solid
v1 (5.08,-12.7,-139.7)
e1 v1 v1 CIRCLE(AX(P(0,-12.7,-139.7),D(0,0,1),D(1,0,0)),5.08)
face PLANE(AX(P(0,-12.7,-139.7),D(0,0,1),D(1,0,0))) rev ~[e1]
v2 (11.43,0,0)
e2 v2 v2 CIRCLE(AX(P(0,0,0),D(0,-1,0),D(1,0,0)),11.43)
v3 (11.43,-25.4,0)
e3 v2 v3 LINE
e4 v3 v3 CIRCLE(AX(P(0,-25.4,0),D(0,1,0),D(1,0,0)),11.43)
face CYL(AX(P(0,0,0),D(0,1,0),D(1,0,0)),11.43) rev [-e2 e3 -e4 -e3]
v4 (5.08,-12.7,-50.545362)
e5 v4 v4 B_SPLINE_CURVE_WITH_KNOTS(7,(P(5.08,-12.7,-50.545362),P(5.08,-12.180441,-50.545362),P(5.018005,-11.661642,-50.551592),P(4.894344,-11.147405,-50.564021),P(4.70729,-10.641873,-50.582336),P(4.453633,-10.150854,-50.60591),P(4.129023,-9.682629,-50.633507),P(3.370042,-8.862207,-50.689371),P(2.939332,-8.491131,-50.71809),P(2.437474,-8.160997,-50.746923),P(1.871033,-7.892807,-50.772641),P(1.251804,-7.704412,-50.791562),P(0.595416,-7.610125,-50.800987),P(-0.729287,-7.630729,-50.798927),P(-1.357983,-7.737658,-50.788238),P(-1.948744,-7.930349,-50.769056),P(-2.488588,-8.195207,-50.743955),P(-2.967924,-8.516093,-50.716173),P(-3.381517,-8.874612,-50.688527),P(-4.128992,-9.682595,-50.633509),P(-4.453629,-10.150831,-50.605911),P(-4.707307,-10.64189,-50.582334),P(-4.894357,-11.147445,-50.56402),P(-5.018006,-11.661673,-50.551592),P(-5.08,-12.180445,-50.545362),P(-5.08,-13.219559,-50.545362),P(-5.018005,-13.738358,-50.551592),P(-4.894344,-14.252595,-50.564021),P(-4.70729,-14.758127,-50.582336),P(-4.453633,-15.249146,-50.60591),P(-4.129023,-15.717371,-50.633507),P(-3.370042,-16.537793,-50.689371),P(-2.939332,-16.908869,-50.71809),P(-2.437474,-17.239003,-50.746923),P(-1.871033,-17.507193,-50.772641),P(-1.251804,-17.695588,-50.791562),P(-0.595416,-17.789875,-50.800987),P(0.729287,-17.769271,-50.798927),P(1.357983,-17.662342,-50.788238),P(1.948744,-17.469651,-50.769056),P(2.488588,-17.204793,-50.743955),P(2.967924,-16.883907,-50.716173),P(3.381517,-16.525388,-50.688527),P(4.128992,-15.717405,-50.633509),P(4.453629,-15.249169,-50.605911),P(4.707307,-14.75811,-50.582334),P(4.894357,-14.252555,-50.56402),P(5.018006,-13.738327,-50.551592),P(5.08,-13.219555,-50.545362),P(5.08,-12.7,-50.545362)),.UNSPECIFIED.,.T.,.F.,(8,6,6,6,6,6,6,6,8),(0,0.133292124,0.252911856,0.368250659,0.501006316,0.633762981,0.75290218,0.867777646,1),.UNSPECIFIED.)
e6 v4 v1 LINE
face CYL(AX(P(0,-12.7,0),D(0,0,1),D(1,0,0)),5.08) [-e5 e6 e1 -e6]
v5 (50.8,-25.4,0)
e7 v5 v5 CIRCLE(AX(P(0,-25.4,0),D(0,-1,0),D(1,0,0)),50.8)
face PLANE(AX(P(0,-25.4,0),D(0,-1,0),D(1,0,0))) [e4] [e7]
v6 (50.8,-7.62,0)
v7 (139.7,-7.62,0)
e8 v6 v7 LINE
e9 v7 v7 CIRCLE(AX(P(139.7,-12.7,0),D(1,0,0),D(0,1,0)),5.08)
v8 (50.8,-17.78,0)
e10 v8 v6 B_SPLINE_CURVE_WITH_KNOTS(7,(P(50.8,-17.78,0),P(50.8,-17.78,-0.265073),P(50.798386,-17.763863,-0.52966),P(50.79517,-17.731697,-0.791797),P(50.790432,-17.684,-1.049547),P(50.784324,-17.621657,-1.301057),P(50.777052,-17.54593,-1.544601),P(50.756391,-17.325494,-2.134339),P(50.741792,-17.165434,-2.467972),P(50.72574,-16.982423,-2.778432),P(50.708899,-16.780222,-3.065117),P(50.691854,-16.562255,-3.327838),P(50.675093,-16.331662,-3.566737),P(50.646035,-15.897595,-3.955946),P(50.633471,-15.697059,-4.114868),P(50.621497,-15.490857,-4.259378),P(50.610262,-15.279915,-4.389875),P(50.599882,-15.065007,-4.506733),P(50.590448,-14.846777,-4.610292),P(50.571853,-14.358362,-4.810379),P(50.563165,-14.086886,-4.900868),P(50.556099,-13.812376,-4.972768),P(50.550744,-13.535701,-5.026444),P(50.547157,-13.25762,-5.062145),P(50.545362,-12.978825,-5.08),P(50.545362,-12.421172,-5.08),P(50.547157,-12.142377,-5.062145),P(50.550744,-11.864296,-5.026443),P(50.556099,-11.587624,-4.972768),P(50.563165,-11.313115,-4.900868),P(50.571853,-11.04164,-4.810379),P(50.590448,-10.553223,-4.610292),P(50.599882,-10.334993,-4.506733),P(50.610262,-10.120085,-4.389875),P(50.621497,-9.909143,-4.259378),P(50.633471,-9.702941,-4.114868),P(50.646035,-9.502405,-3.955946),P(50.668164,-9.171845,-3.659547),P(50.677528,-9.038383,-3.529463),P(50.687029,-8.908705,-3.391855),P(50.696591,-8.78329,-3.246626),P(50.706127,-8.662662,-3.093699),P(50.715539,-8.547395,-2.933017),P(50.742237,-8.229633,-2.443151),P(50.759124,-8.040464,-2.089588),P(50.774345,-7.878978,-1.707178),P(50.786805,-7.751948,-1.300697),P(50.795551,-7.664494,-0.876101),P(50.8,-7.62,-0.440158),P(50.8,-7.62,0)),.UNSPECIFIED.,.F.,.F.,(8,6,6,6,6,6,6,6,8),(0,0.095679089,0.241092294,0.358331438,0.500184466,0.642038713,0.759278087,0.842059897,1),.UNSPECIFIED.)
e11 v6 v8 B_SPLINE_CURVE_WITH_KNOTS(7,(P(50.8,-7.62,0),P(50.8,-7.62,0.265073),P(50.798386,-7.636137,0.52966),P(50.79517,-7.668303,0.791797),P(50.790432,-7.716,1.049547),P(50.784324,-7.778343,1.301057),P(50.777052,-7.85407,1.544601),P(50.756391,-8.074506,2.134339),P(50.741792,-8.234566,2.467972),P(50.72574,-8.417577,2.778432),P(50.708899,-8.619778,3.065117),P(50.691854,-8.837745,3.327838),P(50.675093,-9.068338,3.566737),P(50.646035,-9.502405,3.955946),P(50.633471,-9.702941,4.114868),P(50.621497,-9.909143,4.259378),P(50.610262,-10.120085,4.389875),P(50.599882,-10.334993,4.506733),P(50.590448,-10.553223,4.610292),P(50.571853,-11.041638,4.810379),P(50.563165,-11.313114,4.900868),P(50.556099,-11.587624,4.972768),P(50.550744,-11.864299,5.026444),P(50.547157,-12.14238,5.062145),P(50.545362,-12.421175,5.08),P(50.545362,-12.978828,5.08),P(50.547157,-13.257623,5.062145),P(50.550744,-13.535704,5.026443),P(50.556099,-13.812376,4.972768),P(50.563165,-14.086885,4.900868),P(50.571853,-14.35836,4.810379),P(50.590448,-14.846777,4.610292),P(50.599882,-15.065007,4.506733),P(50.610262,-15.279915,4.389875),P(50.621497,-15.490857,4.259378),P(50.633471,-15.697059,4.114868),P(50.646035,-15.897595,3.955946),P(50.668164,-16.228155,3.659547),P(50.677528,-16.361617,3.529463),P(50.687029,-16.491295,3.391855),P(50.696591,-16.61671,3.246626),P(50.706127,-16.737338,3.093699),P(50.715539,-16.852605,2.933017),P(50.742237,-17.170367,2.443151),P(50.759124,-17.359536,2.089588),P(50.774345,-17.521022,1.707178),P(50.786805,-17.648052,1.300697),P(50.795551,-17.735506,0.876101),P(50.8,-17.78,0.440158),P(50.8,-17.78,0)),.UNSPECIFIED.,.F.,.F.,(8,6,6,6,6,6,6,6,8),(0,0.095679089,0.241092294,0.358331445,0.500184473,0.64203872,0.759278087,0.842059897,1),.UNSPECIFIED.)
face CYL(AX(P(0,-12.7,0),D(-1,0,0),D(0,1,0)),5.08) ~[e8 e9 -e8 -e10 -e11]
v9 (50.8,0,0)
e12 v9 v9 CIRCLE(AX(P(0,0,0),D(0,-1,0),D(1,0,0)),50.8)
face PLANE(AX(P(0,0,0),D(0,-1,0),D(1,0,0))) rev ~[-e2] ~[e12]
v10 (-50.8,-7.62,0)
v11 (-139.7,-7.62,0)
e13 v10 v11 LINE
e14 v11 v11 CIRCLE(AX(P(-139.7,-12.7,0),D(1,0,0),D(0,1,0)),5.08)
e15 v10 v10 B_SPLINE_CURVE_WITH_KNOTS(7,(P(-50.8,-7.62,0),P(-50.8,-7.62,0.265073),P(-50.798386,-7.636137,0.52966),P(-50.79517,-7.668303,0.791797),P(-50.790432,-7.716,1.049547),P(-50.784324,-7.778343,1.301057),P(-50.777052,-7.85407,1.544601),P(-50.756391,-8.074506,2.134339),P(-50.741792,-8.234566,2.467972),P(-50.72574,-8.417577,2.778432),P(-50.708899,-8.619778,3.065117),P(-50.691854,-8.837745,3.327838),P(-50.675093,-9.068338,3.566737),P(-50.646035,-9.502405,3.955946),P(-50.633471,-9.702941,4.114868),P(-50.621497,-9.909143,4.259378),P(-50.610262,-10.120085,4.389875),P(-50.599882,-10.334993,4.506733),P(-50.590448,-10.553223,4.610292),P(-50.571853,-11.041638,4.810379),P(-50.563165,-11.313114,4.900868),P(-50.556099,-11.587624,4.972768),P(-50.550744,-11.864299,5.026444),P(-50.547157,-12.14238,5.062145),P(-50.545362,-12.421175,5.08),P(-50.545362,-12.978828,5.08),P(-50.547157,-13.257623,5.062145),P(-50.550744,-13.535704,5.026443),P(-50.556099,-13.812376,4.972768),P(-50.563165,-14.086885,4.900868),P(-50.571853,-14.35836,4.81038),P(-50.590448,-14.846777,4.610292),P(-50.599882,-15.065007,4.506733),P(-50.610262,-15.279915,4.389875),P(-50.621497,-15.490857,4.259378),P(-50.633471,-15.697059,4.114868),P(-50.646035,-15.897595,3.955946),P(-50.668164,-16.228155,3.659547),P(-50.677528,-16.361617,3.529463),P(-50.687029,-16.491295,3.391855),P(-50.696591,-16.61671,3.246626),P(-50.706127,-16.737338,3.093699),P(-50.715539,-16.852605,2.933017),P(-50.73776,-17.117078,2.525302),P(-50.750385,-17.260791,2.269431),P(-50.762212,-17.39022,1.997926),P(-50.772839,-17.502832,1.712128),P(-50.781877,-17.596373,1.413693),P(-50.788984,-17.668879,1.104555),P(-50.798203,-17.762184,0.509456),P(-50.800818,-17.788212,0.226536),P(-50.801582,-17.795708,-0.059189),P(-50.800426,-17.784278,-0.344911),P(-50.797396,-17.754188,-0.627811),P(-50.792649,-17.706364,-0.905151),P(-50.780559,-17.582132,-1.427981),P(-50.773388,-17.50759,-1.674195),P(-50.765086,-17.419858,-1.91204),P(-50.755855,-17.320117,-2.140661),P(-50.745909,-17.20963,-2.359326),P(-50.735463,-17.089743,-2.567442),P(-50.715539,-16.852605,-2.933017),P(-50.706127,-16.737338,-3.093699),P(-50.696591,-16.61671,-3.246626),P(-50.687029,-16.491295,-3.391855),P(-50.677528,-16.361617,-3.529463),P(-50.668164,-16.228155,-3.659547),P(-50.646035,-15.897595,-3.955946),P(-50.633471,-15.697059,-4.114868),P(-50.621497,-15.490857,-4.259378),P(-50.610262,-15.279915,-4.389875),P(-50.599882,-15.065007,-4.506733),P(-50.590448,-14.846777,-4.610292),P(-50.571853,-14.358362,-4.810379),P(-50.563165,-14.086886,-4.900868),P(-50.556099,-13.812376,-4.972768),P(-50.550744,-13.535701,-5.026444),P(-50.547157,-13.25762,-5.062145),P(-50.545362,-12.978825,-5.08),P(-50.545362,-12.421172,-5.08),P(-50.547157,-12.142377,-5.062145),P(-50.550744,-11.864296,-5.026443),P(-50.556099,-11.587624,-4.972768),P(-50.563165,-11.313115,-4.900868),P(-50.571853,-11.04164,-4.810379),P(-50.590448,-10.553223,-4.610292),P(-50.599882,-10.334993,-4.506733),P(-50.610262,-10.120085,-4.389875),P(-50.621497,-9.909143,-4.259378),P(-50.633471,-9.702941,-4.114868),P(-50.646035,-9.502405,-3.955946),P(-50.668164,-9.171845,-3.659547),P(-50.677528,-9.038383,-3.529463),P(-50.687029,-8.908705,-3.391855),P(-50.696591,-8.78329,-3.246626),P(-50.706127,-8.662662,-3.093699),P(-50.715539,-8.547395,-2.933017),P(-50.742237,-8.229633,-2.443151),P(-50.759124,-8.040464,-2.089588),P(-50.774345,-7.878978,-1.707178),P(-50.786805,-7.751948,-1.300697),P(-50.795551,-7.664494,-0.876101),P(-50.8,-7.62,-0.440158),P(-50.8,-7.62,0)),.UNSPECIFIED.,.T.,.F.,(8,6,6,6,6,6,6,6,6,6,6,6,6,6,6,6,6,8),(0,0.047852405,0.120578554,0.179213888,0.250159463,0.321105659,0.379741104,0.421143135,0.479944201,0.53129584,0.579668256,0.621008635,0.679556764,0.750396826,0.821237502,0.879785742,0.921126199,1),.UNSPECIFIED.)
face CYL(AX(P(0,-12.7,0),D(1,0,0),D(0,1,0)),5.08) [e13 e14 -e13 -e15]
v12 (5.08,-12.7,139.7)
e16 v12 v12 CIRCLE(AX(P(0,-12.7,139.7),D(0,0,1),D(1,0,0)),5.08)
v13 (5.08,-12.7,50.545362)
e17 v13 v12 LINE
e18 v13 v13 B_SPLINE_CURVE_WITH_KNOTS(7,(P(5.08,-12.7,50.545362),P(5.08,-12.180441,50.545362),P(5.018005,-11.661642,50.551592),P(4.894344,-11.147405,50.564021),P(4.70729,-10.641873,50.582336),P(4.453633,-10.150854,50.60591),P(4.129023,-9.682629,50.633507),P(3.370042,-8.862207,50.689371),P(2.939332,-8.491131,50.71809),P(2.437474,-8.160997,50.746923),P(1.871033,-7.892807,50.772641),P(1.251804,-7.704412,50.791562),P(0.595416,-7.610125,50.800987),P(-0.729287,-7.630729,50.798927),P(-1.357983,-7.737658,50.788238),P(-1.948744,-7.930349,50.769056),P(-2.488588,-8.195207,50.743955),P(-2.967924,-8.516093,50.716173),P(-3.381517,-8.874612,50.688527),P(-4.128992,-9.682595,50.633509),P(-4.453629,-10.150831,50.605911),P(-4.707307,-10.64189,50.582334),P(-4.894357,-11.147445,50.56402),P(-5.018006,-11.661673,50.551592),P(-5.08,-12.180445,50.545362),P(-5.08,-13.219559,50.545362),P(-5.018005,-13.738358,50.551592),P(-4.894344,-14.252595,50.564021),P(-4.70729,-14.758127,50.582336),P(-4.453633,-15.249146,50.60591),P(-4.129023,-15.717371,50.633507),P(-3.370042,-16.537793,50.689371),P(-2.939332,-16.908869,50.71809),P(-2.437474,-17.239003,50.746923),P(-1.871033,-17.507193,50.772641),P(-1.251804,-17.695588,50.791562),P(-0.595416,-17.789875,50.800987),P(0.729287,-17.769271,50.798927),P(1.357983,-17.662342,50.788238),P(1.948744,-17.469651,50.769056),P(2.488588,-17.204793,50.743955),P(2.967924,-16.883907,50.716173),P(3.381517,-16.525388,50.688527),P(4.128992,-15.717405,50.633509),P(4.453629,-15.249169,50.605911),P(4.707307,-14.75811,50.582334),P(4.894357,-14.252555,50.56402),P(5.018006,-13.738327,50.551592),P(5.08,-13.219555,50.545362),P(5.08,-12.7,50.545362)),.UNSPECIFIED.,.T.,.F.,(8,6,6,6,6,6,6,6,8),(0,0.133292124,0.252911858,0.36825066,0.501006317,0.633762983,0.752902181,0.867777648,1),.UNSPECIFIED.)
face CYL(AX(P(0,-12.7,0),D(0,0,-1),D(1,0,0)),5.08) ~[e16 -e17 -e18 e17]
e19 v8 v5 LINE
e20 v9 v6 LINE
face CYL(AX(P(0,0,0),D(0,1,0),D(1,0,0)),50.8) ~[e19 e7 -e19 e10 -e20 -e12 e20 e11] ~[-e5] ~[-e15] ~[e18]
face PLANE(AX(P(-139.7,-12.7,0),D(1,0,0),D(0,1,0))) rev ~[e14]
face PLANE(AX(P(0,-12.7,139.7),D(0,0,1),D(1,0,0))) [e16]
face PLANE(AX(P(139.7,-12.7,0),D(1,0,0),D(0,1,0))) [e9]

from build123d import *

# Parameters (mm, degrees)
F0_R          = 50.8
F1_DEPTH      = 25.4
F2_R          = 5.08
F3_DEPTH      = 139.7
F3_DEPTH_BACK = 139.7
F4_R          = 5.08
F5_DEPTH      = 139.7
F5_DEPTH_BACK = 139.7
F6_R          = 11.43
F7_DEPTH      = 27.94


with BuildPart() as f1:
    # F0 (on Front) → F1 (new body)
    with BuildSketch(Plane.XZ):
        Circle(F0_R)
    extrude(amount=F1_DEPTH)

    # F2 (on Right) → F3 (join, two sides)
    with BuildSketch(Plane.YZ) as f3_sk:
        with Locations((-12.7, 0)):
            Circle(F2_R)
    extrude(amount=F3_DEPTH)
    extrude(f3_sk.sketch, amount=-F3_DEPTH_BACK)

    # F4 (on Top) → F5 (join, two sides)
    with BuildSketch(Plane.XY) as f5_sk:
        with Locations((0, -12.7)):
            Circle(F4_R)
    extrude(amount=F5_DEPTH)
    extrude(f5_sk.sketch, amount=-F5_DEPTH_BACK)

    # F6 (on Front) → F7 (cut)
    with BuildSketch(Plane.XZ):
        Circle(F6_R)
    extrude(amount=F7_DEPTH, mode=Mode.SUBTRACT)


solid = f1.part
